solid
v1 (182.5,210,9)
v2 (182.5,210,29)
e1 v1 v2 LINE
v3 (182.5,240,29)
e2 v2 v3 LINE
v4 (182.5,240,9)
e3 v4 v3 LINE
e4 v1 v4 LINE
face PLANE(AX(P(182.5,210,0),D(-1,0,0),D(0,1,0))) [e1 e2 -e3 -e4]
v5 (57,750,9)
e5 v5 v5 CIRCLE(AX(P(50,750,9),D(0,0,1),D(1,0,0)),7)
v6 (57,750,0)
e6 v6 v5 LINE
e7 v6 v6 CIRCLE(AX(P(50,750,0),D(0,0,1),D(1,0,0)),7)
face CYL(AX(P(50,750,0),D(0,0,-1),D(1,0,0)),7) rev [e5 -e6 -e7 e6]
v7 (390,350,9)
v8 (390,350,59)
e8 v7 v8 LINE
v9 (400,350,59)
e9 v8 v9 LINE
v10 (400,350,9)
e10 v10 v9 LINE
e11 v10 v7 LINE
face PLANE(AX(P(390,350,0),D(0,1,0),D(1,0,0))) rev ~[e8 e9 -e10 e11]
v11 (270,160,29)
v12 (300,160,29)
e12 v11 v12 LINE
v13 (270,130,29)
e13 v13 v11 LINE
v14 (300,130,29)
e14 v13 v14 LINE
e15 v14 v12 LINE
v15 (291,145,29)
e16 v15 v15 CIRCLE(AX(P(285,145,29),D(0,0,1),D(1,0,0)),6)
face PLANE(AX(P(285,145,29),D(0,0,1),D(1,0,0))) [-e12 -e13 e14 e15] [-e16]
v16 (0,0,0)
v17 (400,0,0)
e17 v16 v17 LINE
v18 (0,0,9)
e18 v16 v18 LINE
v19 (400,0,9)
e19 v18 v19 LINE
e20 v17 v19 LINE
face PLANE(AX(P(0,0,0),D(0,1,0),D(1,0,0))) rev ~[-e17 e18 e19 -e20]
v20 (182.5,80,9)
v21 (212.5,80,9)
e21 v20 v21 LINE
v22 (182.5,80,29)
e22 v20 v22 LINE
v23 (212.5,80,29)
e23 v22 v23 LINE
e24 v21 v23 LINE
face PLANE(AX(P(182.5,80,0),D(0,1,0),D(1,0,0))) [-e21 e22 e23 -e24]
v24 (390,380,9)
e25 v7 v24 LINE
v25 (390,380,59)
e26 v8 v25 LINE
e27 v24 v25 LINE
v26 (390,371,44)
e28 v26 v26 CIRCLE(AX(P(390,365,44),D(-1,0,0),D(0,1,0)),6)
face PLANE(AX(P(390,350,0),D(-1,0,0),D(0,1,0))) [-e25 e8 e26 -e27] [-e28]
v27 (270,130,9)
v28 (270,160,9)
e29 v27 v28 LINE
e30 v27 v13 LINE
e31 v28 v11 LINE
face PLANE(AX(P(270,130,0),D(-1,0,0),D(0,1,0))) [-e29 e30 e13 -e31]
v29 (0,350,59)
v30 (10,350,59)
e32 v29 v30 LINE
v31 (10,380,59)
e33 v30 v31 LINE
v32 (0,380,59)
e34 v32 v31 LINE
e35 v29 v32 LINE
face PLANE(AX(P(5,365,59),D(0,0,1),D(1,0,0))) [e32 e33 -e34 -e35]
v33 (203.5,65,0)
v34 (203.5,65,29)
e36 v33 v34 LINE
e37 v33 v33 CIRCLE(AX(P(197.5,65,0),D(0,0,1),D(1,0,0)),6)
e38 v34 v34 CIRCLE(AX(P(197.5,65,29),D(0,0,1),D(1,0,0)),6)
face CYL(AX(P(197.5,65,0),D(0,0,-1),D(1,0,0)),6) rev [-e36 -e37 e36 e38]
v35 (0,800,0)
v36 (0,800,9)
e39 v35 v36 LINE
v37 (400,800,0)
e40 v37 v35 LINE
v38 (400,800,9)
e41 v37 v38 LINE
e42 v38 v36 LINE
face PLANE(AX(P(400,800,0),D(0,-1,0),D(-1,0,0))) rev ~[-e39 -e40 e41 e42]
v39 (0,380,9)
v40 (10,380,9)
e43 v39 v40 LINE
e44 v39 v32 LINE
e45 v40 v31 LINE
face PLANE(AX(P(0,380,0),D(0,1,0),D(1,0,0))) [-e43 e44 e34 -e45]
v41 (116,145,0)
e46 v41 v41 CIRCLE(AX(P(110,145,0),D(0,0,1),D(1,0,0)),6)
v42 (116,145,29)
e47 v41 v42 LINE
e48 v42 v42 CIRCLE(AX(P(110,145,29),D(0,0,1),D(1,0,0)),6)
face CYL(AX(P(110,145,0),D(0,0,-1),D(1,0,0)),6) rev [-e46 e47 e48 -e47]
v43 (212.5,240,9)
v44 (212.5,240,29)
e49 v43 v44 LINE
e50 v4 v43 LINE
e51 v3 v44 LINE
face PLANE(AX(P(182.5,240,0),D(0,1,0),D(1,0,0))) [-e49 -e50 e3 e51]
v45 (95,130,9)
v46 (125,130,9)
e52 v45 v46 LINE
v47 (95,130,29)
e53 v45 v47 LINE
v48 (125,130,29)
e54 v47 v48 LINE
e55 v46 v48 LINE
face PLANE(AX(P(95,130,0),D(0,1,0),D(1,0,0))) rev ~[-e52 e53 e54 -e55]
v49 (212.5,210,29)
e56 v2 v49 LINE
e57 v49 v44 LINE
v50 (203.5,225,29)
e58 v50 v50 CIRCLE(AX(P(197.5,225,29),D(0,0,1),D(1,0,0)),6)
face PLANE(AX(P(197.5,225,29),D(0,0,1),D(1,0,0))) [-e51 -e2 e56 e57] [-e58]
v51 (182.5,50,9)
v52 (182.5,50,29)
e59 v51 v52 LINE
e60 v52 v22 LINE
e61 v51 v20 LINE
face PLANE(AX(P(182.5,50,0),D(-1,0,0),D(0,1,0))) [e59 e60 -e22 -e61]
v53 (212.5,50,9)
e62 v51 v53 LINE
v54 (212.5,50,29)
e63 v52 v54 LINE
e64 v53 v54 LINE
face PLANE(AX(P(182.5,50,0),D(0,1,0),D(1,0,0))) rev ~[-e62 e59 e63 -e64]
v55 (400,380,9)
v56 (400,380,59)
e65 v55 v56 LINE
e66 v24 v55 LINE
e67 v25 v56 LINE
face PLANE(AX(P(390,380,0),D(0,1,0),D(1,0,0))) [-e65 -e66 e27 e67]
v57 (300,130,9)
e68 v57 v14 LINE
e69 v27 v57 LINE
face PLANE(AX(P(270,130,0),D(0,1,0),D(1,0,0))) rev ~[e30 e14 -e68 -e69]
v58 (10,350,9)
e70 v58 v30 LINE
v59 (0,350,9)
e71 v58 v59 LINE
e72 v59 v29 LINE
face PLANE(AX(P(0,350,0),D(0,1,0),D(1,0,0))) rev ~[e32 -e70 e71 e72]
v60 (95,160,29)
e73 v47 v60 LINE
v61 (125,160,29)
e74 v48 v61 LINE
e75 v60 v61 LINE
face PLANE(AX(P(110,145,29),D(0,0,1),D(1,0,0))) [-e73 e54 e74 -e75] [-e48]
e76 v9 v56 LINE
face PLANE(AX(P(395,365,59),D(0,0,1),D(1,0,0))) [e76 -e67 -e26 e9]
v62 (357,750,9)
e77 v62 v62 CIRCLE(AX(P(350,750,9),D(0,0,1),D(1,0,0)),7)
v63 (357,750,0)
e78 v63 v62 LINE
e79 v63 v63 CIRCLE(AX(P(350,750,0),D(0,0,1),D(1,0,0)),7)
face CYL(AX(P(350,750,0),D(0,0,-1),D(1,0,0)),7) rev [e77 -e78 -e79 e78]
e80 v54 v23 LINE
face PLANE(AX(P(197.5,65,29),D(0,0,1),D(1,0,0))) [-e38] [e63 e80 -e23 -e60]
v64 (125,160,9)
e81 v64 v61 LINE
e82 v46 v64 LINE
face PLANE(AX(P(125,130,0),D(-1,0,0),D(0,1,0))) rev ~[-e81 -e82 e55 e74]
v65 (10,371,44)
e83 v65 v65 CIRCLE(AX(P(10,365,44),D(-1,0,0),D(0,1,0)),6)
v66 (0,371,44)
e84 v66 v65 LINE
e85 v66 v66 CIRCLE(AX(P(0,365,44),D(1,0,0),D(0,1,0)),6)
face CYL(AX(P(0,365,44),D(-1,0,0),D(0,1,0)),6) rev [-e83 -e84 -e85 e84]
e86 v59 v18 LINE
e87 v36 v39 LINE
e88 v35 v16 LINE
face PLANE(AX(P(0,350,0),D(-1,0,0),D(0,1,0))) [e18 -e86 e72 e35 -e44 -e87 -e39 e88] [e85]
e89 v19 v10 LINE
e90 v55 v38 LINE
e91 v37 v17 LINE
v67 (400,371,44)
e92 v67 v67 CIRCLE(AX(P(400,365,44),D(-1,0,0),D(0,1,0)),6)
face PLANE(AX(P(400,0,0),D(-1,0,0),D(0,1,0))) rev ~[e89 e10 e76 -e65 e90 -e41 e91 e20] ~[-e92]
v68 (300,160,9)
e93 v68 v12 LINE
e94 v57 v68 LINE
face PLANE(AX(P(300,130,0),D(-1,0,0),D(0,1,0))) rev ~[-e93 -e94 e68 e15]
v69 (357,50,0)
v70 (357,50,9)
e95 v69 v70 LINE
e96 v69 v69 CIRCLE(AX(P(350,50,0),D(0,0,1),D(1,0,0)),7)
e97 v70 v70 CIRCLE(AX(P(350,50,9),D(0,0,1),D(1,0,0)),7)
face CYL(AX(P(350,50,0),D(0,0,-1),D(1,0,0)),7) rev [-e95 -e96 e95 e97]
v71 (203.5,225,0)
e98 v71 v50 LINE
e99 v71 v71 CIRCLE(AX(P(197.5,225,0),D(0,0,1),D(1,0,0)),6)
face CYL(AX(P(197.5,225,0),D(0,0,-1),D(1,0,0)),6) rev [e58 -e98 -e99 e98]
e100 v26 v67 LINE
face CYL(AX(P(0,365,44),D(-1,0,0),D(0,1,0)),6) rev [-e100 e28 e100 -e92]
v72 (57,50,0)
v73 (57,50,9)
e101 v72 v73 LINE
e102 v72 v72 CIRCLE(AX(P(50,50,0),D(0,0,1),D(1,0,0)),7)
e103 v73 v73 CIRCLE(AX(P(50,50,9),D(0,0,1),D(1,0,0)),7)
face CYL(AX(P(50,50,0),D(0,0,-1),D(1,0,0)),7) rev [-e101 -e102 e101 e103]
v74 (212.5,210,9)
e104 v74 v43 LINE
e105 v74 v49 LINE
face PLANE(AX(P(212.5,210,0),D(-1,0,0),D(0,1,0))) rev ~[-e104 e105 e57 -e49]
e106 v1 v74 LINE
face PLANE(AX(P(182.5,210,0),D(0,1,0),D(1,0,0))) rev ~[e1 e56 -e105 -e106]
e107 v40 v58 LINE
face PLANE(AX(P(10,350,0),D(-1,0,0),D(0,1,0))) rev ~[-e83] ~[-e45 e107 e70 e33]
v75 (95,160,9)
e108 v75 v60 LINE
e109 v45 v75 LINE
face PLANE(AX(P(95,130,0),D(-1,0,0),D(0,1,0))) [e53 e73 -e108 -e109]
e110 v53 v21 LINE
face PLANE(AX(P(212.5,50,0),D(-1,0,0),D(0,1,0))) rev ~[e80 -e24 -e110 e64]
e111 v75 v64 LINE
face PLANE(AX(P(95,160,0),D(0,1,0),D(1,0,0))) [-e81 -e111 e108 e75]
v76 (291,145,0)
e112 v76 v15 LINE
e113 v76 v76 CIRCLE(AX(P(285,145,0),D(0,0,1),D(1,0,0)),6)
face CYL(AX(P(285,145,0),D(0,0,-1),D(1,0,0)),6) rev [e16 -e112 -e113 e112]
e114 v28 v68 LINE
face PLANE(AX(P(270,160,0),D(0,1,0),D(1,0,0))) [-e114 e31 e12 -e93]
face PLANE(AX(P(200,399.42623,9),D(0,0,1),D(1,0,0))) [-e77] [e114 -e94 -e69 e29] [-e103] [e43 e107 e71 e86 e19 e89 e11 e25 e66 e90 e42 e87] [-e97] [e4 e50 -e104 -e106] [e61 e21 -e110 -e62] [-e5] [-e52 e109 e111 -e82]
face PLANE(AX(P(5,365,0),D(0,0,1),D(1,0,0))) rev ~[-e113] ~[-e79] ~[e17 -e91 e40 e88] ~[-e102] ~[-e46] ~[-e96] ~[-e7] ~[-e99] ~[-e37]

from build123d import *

# Parameters (mm, degrees)
F0_R     = 7
F0_W     = 30
F0_H     = 30
F1_DEPTH = 9
F0_R_2   = 6
F2_DEPTH = 29
F0_W_2   = 10
F3_DEPTH = 59
F4_R     = 6
F5_DEPTH = 486


with BuildPart() as f1:
    # F0 (on Top) → F1 (new body)
    with BuildSketch(Plane.XY):
        Polygon((0, 350), (0, 0), (400, 0), (400, 350), (390, 350), (390, 380), (400, 380), (400, 800), (0, 800), (0, 380), (10, 380), (10, 350), align=None)
        with Locations((50, 50)):
            Circle(F0_R, mode=Mode.SUBTRACT)
        with Locations((197.5, 65)):
            Rectangle(F0_W, F0_H, mode=Mode.SUBTRACT)
        with Locations((110, 145)):
            Rectangle(F0_W, F0_H, mode=Mode.SUBTRACT)
        with Locations((197.5, 225)):
            Rectangle(F0_W, F0_H, mode=Mode.SUBTRACT)
        with Locations((285, 145)):
            Rectangle(F0_W, F0_H, mode=Mode.SUBTRACT)
        with Locations((350, 50)):
            Circle(F0_R, mode=Mode.SUBTRACT)
        with Locations((50, 750)):
            Circle(F0_R, mode=Mode.SUBTRACT)
        with Locations((350, 750)):
            Circle(F0_R, mode=Mode.SUBTRACT)
    extrude(amount=F1_DEPTH)

    # F0 (on Top) → F2 (join)
    with BuildSketch(Plane.XY):
        with Locations((110, 145)):
            Rectangle(F0_W, F0_H)
        with Locations((110, 145)):
            Circle(F0_R_2, mode=Mode.SUBTRACT)
        with Locations((197.5, 225)):
            Rectangle(F0_W, F0_H)
        with Locations((197.5, 225)):
            Circle(F0_R_2, mode=Mode.SUBTRACT)
        with Locations((197.5, 65)):
            Rectangle(F0_W, F0_H)
        with Locations((197.5, 65)):
            Circle(F0_R_2, mode=Mode.SUBTRACT)
        with Locations((285, 145)):
            Rectangle(F0_W, F0_H)
        with Locations((285, 145)):
            Circle(F0_R_2, mode=Mode.SUBTRACT)
    extrude(amount=F2_DEPTH)

    # F0 (on Top) → F3 (join)
    with BuildSketch(Plane.XY):
        with Locations((5, 365)):
            Rectangle(F0_W_2, F0_H)
        with Locations((395, 365)):
            Rectangle(F0_W_2, F0_H)
    extrude(amount=F3_DEPTH)

    # F4 (on Right) → F5 (cut)
    with BuildSketch(Plane.YZ):
        with Locations((365, 44)):
            Circle(F4_R)
    extrude(amount=F5_DEPTH, mode=Mode.SUBTRACT)


solid = f1.part
